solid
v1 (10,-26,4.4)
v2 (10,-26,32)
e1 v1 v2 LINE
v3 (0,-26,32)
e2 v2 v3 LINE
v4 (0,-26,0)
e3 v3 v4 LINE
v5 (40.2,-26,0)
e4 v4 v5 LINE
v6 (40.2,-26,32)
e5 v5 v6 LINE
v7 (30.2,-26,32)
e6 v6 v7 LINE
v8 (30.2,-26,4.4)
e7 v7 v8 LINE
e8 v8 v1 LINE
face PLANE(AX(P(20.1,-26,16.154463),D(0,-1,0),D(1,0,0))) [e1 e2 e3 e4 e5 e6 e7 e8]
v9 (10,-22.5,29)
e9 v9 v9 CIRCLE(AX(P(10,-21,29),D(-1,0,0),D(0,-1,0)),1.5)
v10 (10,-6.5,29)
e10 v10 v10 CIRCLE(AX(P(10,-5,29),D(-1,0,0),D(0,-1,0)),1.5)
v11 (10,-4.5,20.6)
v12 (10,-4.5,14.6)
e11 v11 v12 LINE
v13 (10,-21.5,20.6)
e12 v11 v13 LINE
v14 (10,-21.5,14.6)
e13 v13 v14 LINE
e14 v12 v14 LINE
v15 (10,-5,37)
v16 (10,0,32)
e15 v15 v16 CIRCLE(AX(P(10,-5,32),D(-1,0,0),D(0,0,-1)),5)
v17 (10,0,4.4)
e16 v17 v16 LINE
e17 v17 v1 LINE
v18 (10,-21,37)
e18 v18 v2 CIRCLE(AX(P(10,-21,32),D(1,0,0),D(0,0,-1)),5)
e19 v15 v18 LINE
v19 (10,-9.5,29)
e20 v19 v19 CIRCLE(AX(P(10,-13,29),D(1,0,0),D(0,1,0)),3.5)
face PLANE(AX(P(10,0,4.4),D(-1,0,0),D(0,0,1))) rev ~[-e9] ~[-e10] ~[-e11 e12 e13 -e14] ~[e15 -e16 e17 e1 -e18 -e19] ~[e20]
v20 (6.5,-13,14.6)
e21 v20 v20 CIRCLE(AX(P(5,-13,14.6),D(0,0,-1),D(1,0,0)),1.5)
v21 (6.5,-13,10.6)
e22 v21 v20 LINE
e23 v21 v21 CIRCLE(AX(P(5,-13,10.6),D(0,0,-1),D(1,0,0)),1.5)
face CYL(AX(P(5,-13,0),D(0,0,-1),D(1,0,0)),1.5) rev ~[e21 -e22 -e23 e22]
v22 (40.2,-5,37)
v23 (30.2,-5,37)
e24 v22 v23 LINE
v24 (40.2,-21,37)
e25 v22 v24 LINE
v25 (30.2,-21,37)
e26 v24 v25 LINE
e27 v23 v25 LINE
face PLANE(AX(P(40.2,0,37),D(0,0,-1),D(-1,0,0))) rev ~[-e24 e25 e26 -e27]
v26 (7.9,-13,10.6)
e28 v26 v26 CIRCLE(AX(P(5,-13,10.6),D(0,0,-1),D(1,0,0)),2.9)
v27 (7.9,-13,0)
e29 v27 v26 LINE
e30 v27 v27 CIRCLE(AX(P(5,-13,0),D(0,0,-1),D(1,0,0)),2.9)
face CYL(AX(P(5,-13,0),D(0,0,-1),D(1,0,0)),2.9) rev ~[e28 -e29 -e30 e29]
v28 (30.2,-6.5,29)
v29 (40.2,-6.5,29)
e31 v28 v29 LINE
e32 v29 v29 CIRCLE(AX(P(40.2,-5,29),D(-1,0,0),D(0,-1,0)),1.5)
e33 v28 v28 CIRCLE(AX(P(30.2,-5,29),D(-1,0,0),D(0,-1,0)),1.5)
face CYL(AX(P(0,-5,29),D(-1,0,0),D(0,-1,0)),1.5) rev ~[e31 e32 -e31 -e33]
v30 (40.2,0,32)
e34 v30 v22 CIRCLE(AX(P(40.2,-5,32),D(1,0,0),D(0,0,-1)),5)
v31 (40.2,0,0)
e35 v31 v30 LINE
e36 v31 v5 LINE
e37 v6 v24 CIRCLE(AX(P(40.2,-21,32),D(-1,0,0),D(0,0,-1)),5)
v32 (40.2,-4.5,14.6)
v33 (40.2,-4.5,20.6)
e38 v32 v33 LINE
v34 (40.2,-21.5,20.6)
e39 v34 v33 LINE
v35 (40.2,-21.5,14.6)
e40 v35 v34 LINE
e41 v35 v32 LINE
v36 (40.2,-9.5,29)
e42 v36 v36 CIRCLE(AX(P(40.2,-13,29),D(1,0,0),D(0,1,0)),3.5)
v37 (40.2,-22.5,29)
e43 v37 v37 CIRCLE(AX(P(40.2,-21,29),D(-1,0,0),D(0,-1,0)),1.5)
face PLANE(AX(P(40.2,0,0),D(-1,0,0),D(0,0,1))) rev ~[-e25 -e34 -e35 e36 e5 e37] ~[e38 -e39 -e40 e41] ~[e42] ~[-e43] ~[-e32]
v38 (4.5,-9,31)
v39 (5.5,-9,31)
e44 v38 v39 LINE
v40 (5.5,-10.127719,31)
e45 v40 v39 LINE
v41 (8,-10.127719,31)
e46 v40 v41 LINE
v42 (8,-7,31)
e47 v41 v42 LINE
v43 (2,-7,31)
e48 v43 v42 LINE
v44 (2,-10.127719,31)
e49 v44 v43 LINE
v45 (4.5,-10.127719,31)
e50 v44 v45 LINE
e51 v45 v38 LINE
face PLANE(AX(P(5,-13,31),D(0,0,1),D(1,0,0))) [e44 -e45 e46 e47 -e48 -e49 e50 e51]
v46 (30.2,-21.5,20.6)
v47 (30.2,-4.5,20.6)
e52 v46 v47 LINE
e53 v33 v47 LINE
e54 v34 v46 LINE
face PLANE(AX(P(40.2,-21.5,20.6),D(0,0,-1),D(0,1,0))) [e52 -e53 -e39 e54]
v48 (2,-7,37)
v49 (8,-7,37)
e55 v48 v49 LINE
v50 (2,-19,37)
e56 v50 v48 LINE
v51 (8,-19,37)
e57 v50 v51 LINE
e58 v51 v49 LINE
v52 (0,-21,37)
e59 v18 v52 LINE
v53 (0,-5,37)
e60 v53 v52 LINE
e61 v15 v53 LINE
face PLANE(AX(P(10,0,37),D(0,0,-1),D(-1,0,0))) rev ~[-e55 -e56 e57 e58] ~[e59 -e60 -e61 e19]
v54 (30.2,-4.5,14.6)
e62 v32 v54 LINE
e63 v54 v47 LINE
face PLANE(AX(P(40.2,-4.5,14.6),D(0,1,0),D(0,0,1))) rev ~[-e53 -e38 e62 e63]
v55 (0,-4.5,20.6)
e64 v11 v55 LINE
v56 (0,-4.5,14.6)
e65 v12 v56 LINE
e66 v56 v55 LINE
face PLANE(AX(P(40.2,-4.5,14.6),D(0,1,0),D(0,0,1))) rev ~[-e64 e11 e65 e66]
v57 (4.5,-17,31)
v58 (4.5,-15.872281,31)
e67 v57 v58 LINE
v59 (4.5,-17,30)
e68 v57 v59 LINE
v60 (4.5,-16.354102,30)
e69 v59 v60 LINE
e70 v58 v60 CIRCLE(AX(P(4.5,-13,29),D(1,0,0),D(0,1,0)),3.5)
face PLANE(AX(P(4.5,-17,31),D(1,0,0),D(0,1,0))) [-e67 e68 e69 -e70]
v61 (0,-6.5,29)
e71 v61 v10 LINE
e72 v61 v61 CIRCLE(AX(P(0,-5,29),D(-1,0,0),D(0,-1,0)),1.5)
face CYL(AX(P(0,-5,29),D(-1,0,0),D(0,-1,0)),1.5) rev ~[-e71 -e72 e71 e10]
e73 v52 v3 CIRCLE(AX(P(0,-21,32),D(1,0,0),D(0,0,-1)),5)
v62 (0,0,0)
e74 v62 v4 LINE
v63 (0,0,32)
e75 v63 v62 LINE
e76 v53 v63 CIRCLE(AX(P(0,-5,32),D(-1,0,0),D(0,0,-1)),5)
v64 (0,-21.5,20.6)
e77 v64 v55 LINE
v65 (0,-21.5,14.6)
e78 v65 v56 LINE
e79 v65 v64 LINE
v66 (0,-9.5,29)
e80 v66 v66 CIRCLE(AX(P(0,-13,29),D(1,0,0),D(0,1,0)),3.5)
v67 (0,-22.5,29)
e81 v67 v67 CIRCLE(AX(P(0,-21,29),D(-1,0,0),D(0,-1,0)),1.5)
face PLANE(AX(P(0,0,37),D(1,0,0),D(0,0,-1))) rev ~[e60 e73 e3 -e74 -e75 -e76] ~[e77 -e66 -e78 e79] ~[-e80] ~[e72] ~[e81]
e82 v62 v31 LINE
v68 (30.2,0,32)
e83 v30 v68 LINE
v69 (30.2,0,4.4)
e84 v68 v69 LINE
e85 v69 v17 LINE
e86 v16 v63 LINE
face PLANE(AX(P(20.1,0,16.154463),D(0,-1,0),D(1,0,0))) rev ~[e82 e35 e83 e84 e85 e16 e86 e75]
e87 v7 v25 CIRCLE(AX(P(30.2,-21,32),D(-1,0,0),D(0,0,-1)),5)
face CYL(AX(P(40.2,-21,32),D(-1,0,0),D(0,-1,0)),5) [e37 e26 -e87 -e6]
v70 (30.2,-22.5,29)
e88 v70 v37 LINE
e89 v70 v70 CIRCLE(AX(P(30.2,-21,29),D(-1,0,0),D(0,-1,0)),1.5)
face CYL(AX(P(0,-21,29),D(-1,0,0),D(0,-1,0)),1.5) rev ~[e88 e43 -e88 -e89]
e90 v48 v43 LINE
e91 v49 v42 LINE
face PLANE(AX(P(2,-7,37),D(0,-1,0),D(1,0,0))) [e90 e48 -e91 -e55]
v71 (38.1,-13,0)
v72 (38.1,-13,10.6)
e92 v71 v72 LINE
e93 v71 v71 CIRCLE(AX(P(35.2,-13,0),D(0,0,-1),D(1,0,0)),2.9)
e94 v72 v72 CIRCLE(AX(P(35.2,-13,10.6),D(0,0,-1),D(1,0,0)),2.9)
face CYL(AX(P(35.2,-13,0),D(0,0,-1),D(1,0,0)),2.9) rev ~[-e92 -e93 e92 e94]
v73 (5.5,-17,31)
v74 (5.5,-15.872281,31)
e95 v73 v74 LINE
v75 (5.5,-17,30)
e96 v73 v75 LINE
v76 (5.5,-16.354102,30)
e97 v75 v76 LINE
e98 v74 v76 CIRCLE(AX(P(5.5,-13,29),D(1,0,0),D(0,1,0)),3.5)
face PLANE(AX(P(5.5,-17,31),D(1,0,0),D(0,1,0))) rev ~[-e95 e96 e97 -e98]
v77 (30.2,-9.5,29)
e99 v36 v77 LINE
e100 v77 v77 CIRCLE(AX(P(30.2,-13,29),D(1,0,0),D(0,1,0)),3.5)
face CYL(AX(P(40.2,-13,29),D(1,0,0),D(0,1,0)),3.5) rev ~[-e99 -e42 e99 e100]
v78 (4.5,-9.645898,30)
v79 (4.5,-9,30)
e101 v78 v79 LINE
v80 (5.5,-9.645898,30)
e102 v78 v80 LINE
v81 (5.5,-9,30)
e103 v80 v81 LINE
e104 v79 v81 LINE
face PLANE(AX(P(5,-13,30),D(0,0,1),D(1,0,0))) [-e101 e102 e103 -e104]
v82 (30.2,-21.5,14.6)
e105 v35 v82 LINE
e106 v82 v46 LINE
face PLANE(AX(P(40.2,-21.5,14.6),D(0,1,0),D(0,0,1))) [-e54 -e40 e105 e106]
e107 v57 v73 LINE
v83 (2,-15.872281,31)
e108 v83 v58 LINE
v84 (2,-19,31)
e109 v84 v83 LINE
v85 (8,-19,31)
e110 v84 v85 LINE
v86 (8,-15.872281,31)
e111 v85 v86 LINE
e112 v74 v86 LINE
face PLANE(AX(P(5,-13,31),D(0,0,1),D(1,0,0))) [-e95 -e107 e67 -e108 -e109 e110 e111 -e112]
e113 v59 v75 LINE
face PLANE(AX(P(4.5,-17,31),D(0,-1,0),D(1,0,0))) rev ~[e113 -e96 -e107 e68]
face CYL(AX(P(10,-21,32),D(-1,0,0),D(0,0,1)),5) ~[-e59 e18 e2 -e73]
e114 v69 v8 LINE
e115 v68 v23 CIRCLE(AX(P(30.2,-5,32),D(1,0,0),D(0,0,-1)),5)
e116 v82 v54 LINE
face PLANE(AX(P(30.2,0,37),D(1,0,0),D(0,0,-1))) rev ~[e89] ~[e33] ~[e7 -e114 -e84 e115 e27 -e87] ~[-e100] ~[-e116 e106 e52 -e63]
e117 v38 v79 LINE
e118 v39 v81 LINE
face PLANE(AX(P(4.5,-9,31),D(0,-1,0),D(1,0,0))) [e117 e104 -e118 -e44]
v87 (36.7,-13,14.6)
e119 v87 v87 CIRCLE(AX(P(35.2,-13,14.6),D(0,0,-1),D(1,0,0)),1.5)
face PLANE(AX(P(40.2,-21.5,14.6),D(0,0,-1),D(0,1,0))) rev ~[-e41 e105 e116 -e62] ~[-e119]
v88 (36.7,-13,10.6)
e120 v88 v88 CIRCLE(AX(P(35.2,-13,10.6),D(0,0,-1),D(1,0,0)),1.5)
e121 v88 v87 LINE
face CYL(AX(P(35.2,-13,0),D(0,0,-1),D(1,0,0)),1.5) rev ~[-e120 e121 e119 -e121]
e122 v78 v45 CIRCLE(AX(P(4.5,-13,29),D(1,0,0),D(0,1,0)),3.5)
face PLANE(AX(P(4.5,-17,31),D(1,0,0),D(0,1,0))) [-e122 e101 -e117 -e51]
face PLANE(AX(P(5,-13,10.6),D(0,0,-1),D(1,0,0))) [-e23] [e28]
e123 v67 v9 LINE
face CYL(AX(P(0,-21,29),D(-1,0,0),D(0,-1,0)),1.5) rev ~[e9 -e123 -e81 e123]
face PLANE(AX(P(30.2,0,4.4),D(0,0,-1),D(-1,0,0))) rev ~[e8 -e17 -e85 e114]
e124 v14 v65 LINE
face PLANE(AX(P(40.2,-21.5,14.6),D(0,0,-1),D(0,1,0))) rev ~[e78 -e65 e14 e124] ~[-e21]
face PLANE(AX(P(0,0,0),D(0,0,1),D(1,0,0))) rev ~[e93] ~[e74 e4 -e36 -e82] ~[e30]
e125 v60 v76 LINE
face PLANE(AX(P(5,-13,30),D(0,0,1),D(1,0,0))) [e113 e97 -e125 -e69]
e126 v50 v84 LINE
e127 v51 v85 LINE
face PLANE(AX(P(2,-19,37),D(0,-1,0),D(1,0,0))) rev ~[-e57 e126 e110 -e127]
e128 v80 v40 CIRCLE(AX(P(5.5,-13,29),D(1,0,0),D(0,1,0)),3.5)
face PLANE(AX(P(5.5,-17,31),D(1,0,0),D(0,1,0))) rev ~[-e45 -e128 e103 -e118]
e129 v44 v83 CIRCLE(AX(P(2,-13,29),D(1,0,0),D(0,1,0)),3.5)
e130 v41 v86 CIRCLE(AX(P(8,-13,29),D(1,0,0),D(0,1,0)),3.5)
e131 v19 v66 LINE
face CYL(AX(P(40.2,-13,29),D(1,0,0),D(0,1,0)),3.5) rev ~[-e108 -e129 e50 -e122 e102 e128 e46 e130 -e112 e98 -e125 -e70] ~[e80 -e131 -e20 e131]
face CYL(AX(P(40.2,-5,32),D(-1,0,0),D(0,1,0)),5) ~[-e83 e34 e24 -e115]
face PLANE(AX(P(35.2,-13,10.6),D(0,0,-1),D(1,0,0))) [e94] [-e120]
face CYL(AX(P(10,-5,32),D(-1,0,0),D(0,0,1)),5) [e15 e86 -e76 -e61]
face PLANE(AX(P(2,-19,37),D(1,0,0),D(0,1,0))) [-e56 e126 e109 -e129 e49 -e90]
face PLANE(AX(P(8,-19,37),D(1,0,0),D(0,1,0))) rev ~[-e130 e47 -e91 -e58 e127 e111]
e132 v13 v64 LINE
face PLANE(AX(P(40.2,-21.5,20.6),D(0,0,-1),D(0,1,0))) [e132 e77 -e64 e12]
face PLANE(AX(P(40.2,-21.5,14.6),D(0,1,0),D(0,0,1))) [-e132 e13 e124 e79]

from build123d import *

# Parameters (mm, degrees)
F1_DEPTH  = 26
F2_W      = 17
F2_H      = 6
F3_DEPTH  = 40.2
F4_R      = 3.5
F5_DEPTH  = 40.2
F6_R      = 1.5
F7_DEPTH  = 20.6
F8_R      = 2.9
F9_DEPTH  = 10.6
F10_R     = 1.5
F11_DEPTH = 40.2
F12_W     = 6
F12_H     = 12
F13_DEPTH = 6
F14_W     = 1
F14_H     = 8
F15_DEPTH = 1
F16_R     = 5


with BuildPart() as f1:
    # F0 (on Front) → F1 (new body)
    with BuildSketch(Plane.XZ):
        Polygon((0, 37), (0, 0), (40.2, 0), (40.2, 37), (30.2, 37), (30.2, 4.4), (10, 4.4), (10, 37), align=None)
    extrude(amount=F1_DEPTH)

    # F2 (on face) → F3 (cut, through all)
    with BuildSketch(Plane.YZ.offset(40.2)):
        with Locations((-13, 17.6)):
            Rectangle(F2_W, F2_H)
    extrude(amount=-F3_DEPTH, mode=Mode.SUBTRACT)

    # F4 (on face) → F5 (cut, through all)
    with BuildSketch(Plane.YZ.offset(40.2)):
        with Locations((-13, 29)):
            Circle(F4_R)
    extrude(amount=-F5_DEPTH, mode=Mode.SUBTRACT)

    # F6 (on face) → F7 (cut, through all)
    with BuildSketch(Plane(origin=(0, 0, 0), x_dir=(1, 0, 0), z_dir=(0, 0, -1))):
        with Locations((5, 13)):
            Circle(F6_R)
        with Locations((35.2, 13)):
            Circle(F6_R)
    extrude(amount=-F7_DEPTH, mode=Mode.SUBTRACT)

    # F8 (on face) → F9 (cut)
    with BuildSketch(Plane(origin=(0, 0, 0), x_dir=(1, 0, 0), z_dir=(0, 0, -1))):
        with Locations((5, 13)):
            Circle(F8_R)
        with Locations((35.2, 13)):
            Circle(F8_R)
    extrude(amount=-F9_DEPTH, mode=Mode.SUBTRACT)

    # F10 (on face) → F11 (cut, through all)
    with BuildSketch(Plane(origin=(0, 0, 0), x_dir=(0, -1, 0), z_dir=(-1, 0, 0))):
        with Locations((5, 29)):
            Circle(F10_R)
        with Locations((21, 29)):
            Circle(F10_R)
    extrude(amount=-F11_DEPTH, mode=Mode.SUBTRACT)

    # F12 (on face) → F13 (cut)
    with BuildSketch(Plane.XY.offset(37)):
        with Locations((5, -13)):
            Rectangle(F12_W, F12_H)
    extrude(amount=-F13_DEPTH, mode=Mode.SUBTRACT)

    # F14 (on face) → F15 (cut)
    with BuildSketch(Plane.XY.offset(31)):
        with Locations((5, -13)):
            Rectangle(F14_W, F14_H)
    extrude(amount=-F15_DEPTH, mode=Mode.SUBTRACT)

    # F16
    f16_edges = [f1.edges().sort_by_distance(p)[0] for p in [
        (5, -26, 37),
        (5, 0, 37),
        (35.2, 0, 37),
        (35.2, -26, 37),
    ]]
    fillet(f16_edges, radius=F16_R)


solid = f1.part
